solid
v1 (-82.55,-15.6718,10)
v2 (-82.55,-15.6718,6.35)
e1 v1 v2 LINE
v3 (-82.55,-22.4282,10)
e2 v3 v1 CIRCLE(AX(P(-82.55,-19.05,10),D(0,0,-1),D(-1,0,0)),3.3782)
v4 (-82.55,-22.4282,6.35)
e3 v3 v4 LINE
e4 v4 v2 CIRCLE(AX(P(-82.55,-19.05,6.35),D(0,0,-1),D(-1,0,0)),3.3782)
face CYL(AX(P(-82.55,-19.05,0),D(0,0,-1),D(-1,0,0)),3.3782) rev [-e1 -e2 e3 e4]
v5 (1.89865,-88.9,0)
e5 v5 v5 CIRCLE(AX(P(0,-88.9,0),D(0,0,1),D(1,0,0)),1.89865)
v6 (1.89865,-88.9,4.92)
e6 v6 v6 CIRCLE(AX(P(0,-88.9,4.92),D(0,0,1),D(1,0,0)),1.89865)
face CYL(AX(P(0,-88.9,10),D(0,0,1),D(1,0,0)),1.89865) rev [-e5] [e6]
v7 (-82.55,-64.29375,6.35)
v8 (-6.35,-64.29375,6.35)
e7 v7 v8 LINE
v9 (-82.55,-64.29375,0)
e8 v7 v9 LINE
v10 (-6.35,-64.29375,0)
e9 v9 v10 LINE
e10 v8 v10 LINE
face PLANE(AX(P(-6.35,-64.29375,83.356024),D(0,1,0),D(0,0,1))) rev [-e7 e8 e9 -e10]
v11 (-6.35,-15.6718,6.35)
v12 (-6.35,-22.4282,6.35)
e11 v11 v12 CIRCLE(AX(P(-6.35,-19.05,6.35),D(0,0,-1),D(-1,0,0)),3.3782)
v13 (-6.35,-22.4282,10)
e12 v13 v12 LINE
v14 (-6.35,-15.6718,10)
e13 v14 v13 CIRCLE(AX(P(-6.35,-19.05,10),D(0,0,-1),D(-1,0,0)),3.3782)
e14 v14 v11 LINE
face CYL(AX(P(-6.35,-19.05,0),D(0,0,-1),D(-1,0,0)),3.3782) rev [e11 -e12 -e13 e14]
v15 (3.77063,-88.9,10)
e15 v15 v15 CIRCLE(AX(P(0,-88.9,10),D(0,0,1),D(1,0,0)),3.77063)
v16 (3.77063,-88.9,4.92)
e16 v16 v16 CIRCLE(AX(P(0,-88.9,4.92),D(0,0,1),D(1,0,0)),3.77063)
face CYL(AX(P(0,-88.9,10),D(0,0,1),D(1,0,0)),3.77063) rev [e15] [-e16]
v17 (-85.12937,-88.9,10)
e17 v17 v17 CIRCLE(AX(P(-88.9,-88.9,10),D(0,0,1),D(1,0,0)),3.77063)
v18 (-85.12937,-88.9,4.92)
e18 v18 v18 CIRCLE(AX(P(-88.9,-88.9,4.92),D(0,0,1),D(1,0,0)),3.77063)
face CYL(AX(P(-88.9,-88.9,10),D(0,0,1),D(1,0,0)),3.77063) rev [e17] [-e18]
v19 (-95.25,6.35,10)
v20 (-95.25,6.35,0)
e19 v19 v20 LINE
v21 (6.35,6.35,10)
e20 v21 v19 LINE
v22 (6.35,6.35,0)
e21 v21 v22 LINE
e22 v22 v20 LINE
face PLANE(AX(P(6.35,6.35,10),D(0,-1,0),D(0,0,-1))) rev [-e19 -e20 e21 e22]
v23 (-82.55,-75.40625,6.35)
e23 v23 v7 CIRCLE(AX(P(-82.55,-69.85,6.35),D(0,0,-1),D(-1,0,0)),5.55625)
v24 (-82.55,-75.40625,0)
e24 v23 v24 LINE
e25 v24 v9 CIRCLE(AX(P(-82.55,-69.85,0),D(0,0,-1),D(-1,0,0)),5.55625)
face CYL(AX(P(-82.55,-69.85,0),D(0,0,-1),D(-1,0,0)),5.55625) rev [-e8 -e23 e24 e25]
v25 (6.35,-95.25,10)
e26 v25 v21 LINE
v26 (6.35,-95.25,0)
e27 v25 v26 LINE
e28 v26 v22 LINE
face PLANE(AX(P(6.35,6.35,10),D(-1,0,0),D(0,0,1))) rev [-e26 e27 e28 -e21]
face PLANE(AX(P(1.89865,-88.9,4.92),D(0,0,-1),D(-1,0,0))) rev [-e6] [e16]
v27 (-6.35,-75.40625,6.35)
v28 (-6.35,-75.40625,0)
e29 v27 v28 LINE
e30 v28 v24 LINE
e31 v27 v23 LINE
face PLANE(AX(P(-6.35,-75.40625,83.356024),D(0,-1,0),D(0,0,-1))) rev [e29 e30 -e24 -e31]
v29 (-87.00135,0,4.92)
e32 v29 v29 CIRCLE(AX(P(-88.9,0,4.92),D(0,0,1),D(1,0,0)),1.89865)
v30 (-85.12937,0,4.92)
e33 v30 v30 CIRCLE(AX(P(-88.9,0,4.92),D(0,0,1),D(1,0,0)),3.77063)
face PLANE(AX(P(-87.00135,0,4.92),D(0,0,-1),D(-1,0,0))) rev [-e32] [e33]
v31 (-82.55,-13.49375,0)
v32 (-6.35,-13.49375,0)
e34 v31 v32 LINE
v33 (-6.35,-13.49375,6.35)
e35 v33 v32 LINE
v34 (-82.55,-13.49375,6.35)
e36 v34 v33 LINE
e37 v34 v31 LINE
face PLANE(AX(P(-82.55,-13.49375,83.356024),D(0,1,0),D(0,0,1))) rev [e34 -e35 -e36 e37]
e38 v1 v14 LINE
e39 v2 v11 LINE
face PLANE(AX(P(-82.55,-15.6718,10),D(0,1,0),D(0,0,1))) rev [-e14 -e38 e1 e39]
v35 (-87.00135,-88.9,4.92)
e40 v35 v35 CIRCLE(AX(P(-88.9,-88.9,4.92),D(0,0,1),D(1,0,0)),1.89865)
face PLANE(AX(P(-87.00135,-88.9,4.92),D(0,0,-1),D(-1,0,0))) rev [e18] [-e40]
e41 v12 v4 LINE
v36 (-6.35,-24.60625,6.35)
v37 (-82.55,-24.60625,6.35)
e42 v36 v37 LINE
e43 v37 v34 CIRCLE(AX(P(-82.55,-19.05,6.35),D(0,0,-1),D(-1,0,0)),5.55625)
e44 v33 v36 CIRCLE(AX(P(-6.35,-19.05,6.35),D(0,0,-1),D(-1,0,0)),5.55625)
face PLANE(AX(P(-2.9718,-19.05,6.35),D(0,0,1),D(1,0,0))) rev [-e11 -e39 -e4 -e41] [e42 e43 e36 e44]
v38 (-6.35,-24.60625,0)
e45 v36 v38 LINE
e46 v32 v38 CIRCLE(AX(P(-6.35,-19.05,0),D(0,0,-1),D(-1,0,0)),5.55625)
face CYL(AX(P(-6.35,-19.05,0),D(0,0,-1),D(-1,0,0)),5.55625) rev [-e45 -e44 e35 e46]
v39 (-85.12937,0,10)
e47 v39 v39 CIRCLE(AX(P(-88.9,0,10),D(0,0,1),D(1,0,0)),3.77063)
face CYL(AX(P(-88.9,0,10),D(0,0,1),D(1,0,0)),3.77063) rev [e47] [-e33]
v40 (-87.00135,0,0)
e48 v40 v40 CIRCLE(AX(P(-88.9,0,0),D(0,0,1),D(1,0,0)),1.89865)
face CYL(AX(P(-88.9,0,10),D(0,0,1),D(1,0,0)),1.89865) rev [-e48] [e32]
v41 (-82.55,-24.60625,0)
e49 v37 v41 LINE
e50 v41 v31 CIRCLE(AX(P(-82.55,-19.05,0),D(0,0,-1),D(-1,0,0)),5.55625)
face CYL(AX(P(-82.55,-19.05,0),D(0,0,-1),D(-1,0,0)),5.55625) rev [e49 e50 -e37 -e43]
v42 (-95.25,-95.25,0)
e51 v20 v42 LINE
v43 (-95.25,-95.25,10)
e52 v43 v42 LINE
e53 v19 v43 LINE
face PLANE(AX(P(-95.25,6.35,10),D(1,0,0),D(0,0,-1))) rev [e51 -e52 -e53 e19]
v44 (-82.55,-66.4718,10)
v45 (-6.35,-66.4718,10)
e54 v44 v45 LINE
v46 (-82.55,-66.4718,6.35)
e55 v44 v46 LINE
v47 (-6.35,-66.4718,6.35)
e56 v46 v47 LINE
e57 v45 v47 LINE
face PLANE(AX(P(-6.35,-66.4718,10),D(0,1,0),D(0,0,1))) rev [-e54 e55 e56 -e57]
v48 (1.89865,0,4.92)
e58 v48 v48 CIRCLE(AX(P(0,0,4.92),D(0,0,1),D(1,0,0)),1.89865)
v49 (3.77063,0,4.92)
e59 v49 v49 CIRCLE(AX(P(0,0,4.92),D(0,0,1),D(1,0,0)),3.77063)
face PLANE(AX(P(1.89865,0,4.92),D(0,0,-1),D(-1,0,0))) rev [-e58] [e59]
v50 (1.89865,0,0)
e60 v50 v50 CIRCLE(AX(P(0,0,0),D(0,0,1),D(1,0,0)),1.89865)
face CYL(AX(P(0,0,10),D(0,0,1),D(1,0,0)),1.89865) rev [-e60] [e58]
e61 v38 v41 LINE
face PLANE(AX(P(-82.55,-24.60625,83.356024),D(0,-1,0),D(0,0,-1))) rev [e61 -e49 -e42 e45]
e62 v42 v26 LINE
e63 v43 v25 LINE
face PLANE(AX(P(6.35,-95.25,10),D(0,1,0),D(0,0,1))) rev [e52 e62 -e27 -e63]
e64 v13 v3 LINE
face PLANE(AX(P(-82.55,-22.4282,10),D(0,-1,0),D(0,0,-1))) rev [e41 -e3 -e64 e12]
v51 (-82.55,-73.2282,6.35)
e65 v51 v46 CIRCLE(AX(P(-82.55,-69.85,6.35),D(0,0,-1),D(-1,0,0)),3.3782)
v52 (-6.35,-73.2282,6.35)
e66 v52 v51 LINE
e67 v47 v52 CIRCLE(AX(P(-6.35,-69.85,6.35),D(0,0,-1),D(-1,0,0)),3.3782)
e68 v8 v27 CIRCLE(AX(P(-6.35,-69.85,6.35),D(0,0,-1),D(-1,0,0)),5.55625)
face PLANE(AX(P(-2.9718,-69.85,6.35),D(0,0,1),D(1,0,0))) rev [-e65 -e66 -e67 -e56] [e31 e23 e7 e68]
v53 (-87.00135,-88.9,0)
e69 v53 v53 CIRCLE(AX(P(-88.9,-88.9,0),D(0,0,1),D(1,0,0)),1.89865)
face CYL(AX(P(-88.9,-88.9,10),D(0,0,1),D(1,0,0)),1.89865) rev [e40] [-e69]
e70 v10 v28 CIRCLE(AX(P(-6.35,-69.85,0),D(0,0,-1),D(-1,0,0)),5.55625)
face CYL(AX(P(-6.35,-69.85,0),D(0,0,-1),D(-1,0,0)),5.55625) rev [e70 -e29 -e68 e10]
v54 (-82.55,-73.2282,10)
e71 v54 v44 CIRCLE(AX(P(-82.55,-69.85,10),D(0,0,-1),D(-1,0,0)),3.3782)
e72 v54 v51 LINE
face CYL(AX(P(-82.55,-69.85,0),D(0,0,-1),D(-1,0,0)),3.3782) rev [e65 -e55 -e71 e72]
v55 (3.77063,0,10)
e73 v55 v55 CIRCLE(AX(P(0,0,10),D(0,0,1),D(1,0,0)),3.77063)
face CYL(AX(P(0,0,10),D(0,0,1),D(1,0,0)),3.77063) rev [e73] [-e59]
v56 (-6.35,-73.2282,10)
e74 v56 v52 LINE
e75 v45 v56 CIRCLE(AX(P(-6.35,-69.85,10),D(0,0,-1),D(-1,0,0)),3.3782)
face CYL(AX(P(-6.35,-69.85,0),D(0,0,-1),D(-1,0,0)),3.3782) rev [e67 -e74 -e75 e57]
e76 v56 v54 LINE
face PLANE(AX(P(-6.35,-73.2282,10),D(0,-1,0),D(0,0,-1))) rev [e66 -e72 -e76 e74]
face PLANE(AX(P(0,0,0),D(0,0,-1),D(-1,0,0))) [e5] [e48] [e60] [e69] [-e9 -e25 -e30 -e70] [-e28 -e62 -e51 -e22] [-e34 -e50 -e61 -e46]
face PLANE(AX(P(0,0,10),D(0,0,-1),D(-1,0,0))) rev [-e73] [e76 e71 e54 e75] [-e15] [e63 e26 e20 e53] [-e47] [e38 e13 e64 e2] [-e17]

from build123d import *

# Parameters (mm, degrees)
SKETCH1_W                                        = 101.6
SKETCH1_H                                        = 101.6
BOSS_EXTRUDE1_DEPTH                              = 10
CBORE_FOR_6_BUTTON_HEAD_CAP_SCREW1_D             = 3.7973
CBORE_FOR_6_BUTTON_HEAD_CAP_SCREW1_CBORE_D       = 7.54126
CBORE_FOR_6_BUTTON_HEAD_CAP_SCREW1_CBORE_DEPTH   = 5.08
CBORE_FOR_1_4_SOCKET_HEAD_CAP_SCREW1_D           = 6.7564
CBORE_FOR_1_4_SOCKET_HEAD_CAP_SCREW1_CBORE_D     = 11.1125
CBORE_FOR_1_4_SOCKET_HEAD_CAP_SCREW1_CBORE_DEPTH = 6.35
SKETCH8_W                                        = 76.2
SKETCH8_H                                        = 11.1125
CUT_EXTRUDE1_DEPTH                               = 6.35
SKETCH10_W                                       = 76.2
SKETCH10_H                                       = 6.7564
CUT_EXTRUDE2_DEPTH                               = 135.853429693


with BuildPart() as part:
    # Sketch1 → Boss-Extrude1 (new body)
    with BuildSketch(Plane.XY):
        with Locations((-44.45, -44.45)):
            Rectangle(SKETCH1_W, SKETCH1_H)
    extrude(amount=BOSS_EXTRUDE1_DEPTH)

    # CBORE for #6 Button Head Cap Screw1 (through all)
    with Locations(Plane.XY.offset(10)):
        with Locations((0, 0), (0, -88.9), (-88.9, -88.9), (-88.9, 0)):
            CounterBoreHole(CBORE_FOR_6_BUTTON_HEAD_CAP_SCREW1_D / 2, CBORE_FOR_6_BUTTON_HEAD_CAP_SCREW1_CBORE_D / 2, CBORE_FOR_6_BUTTON_HEAD_CAP_SCREW1_CBORE_DEPTH)

    # CBORE for 1/4 Socket Head Cap Screw1 (through all)
    with Locations(Plane(origin=(0, 0, 0), x_dir=(-1, 0, 0), z_dir=(0, 0, -1))):
        with Locations((82.55, -19.05), (82.55, -69.85), (6.35, -69.85), (6.35, -19.05)):
            CounterBoreHole(CBORE_FOR_1_4_SOCKET_HEAD_CAP_SCREW1_D / 2, CBORE_FOR_1_4_SOCKET_HEAD_CAP_SCREW1_CBORE_D / 2, CBORE_FOR_1_4_SOCKET_HEAD_CAP_SCREW1_CBORE_DEPTH)

    # Sketch8 → Cut-Extrude1 (cut)
    with BuildSketch(Plane(origin=(0, 0, 0), x_dir=(-1, 0, 0), z_dir=(0, 0, -1))):
        with Locations((44.45, -19.05)):
            Rectangle(SKETCH8_W, SKETCH8_H)
        with Locations((44.45, -69.85)):
            Rectangle(SKETCH8_W, SKETCH8_H)
    extrude(amount=-CUT_EXTRUDE1_DEPTH, mode=Mode.SUBTRACT)

    # Sketch10 → Cut-Extrude2 (cut, through all)
    with BuildSketch(Plane(origin=(0, 0, 6.35), x_dir=(-1, 0, 0), z_dir=(0, 0, -1))):
        with Locations((44.45, -19.05)):
            Rectangle(SKETCH10_W, SKETCH10_H)
        with Locations((44.45, -69.85)):
            Rectangle(SKETCH10_W, SKETCH10_H)
    extrude(amount=-CUT_EXTRUDE2_DEPTH, mode=Mode.SUBTRACT)


solid = part.part
